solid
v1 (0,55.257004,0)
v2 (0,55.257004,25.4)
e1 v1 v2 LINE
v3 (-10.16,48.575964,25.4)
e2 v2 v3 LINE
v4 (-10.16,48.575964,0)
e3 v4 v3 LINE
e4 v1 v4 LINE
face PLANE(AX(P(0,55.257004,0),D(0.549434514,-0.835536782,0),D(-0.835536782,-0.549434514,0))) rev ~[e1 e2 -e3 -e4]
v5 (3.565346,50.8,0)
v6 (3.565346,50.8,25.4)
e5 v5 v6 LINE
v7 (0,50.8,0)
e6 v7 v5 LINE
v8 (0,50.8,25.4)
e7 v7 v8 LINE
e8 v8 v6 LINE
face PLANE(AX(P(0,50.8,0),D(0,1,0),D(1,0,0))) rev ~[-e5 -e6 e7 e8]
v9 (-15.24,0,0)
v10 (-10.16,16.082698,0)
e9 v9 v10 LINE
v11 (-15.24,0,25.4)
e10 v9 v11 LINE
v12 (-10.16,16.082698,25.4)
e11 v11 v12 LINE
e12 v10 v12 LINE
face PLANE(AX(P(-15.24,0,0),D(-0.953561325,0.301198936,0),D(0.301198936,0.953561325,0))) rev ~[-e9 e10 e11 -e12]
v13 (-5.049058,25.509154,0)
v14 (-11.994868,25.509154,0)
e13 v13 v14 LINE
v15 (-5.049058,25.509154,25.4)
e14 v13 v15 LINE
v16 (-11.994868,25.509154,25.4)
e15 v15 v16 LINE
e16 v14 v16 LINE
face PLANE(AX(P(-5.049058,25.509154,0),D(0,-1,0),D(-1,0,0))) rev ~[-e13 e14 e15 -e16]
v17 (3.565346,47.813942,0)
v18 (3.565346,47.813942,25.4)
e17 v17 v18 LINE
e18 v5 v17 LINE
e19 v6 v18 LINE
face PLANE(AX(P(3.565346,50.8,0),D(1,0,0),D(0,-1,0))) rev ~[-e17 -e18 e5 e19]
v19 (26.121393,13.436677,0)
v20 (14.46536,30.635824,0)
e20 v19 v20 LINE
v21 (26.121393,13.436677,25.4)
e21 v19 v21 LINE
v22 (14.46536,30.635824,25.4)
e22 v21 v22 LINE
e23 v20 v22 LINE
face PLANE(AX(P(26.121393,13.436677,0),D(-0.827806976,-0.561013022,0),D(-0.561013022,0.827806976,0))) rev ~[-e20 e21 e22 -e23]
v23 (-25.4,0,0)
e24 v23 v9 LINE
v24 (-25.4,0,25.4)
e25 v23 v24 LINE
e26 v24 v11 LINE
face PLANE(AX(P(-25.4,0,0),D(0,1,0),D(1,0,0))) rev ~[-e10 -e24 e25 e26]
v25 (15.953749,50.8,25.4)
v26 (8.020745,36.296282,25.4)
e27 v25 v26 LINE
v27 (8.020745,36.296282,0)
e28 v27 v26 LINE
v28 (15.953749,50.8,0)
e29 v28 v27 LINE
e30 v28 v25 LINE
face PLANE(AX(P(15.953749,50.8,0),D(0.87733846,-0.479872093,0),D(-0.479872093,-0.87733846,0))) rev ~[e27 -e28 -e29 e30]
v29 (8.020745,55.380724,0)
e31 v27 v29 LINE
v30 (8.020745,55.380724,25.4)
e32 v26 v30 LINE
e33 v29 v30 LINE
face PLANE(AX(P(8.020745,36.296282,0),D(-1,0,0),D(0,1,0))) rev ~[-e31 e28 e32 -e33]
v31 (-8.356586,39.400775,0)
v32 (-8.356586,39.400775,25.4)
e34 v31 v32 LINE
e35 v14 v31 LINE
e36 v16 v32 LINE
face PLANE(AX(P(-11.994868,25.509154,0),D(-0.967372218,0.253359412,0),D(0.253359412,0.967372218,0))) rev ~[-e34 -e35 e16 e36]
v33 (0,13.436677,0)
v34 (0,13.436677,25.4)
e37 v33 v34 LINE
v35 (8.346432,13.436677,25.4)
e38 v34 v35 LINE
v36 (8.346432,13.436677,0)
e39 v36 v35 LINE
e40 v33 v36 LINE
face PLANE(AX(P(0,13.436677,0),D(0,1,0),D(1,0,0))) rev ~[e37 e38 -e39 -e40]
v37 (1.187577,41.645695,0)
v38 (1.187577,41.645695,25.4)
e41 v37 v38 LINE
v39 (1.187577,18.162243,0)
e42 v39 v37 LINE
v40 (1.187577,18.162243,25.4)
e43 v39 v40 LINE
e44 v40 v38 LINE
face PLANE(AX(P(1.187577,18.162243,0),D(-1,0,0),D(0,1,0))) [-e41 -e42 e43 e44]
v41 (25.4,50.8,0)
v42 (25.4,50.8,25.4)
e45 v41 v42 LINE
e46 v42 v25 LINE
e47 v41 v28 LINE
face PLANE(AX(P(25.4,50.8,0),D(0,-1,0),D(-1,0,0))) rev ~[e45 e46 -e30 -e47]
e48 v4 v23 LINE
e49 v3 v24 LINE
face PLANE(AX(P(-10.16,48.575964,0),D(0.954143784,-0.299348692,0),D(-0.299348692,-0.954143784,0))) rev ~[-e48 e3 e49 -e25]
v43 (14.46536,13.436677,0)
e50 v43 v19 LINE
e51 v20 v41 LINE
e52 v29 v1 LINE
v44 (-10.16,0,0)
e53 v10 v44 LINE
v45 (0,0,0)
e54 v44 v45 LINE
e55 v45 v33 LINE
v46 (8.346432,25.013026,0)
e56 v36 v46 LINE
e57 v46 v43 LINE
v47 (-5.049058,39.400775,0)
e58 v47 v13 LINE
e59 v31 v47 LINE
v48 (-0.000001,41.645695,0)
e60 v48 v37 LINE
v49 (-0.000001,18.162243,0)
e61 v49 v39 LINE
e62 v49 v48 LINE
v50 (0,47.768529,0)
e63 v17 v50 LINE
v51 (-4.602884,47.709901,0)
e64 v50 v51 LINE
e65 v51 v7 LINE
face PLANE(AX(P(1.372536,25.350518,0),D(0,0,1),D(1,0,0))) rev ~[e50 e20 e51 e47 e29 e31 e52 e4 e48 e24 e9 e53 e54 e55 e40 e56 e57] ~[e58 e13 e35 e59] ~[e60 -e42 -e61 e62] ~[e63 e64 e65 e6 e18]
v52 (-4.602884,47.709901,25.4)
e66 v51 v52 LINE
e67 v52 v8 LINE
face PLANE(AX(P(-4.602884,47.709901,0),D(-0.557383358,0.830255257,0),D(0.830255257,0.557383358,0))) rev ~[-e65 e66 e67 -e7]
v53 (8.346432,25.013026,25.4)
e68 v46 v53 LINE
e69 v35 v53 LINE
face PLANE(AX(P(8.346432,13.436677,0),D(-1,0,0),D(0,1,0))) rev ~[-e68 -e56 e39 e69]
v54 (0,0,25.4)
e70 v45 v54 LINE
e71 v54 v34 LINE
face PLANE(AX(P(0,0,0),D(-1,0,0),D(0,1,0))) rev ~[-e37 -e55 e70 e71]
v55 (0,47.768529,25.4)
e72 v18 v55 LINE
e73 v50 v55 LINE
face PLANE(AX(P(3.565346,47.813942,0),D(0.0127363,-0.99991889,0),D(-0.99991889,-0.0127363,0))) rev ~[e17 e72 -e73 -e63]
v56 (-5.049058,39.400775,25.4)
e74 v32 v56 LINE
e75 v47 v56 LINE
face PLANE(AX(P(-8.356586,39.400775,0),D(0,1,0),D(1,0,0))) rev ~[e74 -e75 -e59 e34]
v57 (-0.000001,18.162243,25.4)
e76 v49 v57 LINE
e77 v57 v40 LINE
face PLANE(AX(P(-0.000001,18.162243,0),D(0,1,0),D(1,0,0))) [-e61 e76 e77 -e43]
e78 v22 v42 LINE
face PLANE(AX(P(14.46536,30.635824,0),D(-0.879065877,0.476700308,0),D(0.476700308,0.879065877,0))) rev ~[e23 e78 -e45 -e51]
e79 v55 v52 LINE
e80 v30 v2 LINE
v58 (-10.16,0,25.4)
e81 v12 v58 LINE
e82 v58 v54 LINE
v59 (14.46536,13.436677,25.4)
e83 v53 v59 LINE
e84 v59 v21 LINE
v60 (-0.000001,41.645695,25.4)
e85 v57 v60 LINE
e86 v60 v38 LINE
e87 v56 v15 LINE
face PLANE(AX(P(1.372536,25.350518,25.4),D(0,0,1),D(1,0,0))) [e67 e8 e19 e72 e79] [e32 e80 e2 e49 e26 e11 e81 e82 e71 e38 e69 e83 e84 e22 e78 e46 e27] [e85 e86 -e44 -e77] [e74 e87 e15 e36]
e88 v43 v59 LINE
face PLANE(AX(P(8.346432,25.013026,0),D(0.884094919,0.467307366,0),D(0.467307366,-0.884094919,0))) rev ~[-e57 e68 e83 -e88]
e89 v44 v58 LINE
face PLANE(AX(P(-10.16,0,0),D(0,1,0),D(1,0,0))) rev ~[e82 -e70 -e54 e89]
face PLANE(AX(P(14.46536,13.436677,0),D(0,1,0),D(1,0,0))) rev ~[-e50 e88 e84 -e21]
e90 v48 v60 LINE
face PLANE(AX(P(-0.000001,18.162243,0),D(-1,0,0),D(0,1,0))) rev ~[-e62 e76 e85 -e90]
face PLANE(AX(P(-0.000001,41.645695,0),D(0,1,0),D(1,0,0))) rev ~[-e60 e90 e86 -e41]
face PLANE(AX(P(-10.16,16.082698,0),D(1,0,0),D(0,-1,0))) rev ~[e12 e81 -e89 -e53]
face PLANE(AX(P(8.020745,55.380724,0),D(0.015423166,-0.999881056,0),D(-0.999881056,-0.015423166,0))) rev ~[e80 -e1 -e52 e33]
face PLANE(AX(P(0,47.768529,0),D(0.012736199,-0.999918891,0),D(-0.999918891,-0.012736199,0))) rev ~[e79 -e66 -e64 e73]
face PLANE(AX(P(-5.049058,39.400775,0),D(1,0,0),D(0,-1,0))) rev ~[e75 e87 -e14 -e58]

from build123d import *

# Parameters (mm, degrees)
F0_W     = 1.187577
F0_H     = 23.483452
F1_DEPTH = 25.4


with BuildPart() as f1:
    # F0 (on Top) → F1 (new body)
    with BuildSketch(Plane.XY):
        Polygon((-10.16, 0), (0, 0), (0, 13.436677), (8.346432, 13.436677), (8.346432, 25.013026), (14.46536, 13.436677), (26.121393, 13.436677), (14.46536, 30.635824), (25.4, 50.8), (15.953749, 50.8), (8.020745, 36.296282), (8.020745, 50.8), (8.020745, 55.380724), (0, 55.257004), (-10.16, 48.575964), (-25.4, 0), (-15.24, 0), (-10.16, 16.082698), align=None)
        Polygon((-11.994868, 25.509154), (-8.356586, 39.400775), (-5.049058, 39.400775), (-5.049058, 25.509154), align=None, mode=Mode.SUBTRACT)
        Polygon((3.565346, 47.813942), (0, 47.768529), (-4.602884, 47.709901), (0, 50.8), (3.565346, 50.8), align=None, mode=Mode.SUBTRACT)
        with Locations((0.593788, 29.903969)):
            Rectangle(F0_W, F0_H, mode=Mode.SUBTRACT)
    extrude(amount=F1_DEPTH)


solid = f1.part
